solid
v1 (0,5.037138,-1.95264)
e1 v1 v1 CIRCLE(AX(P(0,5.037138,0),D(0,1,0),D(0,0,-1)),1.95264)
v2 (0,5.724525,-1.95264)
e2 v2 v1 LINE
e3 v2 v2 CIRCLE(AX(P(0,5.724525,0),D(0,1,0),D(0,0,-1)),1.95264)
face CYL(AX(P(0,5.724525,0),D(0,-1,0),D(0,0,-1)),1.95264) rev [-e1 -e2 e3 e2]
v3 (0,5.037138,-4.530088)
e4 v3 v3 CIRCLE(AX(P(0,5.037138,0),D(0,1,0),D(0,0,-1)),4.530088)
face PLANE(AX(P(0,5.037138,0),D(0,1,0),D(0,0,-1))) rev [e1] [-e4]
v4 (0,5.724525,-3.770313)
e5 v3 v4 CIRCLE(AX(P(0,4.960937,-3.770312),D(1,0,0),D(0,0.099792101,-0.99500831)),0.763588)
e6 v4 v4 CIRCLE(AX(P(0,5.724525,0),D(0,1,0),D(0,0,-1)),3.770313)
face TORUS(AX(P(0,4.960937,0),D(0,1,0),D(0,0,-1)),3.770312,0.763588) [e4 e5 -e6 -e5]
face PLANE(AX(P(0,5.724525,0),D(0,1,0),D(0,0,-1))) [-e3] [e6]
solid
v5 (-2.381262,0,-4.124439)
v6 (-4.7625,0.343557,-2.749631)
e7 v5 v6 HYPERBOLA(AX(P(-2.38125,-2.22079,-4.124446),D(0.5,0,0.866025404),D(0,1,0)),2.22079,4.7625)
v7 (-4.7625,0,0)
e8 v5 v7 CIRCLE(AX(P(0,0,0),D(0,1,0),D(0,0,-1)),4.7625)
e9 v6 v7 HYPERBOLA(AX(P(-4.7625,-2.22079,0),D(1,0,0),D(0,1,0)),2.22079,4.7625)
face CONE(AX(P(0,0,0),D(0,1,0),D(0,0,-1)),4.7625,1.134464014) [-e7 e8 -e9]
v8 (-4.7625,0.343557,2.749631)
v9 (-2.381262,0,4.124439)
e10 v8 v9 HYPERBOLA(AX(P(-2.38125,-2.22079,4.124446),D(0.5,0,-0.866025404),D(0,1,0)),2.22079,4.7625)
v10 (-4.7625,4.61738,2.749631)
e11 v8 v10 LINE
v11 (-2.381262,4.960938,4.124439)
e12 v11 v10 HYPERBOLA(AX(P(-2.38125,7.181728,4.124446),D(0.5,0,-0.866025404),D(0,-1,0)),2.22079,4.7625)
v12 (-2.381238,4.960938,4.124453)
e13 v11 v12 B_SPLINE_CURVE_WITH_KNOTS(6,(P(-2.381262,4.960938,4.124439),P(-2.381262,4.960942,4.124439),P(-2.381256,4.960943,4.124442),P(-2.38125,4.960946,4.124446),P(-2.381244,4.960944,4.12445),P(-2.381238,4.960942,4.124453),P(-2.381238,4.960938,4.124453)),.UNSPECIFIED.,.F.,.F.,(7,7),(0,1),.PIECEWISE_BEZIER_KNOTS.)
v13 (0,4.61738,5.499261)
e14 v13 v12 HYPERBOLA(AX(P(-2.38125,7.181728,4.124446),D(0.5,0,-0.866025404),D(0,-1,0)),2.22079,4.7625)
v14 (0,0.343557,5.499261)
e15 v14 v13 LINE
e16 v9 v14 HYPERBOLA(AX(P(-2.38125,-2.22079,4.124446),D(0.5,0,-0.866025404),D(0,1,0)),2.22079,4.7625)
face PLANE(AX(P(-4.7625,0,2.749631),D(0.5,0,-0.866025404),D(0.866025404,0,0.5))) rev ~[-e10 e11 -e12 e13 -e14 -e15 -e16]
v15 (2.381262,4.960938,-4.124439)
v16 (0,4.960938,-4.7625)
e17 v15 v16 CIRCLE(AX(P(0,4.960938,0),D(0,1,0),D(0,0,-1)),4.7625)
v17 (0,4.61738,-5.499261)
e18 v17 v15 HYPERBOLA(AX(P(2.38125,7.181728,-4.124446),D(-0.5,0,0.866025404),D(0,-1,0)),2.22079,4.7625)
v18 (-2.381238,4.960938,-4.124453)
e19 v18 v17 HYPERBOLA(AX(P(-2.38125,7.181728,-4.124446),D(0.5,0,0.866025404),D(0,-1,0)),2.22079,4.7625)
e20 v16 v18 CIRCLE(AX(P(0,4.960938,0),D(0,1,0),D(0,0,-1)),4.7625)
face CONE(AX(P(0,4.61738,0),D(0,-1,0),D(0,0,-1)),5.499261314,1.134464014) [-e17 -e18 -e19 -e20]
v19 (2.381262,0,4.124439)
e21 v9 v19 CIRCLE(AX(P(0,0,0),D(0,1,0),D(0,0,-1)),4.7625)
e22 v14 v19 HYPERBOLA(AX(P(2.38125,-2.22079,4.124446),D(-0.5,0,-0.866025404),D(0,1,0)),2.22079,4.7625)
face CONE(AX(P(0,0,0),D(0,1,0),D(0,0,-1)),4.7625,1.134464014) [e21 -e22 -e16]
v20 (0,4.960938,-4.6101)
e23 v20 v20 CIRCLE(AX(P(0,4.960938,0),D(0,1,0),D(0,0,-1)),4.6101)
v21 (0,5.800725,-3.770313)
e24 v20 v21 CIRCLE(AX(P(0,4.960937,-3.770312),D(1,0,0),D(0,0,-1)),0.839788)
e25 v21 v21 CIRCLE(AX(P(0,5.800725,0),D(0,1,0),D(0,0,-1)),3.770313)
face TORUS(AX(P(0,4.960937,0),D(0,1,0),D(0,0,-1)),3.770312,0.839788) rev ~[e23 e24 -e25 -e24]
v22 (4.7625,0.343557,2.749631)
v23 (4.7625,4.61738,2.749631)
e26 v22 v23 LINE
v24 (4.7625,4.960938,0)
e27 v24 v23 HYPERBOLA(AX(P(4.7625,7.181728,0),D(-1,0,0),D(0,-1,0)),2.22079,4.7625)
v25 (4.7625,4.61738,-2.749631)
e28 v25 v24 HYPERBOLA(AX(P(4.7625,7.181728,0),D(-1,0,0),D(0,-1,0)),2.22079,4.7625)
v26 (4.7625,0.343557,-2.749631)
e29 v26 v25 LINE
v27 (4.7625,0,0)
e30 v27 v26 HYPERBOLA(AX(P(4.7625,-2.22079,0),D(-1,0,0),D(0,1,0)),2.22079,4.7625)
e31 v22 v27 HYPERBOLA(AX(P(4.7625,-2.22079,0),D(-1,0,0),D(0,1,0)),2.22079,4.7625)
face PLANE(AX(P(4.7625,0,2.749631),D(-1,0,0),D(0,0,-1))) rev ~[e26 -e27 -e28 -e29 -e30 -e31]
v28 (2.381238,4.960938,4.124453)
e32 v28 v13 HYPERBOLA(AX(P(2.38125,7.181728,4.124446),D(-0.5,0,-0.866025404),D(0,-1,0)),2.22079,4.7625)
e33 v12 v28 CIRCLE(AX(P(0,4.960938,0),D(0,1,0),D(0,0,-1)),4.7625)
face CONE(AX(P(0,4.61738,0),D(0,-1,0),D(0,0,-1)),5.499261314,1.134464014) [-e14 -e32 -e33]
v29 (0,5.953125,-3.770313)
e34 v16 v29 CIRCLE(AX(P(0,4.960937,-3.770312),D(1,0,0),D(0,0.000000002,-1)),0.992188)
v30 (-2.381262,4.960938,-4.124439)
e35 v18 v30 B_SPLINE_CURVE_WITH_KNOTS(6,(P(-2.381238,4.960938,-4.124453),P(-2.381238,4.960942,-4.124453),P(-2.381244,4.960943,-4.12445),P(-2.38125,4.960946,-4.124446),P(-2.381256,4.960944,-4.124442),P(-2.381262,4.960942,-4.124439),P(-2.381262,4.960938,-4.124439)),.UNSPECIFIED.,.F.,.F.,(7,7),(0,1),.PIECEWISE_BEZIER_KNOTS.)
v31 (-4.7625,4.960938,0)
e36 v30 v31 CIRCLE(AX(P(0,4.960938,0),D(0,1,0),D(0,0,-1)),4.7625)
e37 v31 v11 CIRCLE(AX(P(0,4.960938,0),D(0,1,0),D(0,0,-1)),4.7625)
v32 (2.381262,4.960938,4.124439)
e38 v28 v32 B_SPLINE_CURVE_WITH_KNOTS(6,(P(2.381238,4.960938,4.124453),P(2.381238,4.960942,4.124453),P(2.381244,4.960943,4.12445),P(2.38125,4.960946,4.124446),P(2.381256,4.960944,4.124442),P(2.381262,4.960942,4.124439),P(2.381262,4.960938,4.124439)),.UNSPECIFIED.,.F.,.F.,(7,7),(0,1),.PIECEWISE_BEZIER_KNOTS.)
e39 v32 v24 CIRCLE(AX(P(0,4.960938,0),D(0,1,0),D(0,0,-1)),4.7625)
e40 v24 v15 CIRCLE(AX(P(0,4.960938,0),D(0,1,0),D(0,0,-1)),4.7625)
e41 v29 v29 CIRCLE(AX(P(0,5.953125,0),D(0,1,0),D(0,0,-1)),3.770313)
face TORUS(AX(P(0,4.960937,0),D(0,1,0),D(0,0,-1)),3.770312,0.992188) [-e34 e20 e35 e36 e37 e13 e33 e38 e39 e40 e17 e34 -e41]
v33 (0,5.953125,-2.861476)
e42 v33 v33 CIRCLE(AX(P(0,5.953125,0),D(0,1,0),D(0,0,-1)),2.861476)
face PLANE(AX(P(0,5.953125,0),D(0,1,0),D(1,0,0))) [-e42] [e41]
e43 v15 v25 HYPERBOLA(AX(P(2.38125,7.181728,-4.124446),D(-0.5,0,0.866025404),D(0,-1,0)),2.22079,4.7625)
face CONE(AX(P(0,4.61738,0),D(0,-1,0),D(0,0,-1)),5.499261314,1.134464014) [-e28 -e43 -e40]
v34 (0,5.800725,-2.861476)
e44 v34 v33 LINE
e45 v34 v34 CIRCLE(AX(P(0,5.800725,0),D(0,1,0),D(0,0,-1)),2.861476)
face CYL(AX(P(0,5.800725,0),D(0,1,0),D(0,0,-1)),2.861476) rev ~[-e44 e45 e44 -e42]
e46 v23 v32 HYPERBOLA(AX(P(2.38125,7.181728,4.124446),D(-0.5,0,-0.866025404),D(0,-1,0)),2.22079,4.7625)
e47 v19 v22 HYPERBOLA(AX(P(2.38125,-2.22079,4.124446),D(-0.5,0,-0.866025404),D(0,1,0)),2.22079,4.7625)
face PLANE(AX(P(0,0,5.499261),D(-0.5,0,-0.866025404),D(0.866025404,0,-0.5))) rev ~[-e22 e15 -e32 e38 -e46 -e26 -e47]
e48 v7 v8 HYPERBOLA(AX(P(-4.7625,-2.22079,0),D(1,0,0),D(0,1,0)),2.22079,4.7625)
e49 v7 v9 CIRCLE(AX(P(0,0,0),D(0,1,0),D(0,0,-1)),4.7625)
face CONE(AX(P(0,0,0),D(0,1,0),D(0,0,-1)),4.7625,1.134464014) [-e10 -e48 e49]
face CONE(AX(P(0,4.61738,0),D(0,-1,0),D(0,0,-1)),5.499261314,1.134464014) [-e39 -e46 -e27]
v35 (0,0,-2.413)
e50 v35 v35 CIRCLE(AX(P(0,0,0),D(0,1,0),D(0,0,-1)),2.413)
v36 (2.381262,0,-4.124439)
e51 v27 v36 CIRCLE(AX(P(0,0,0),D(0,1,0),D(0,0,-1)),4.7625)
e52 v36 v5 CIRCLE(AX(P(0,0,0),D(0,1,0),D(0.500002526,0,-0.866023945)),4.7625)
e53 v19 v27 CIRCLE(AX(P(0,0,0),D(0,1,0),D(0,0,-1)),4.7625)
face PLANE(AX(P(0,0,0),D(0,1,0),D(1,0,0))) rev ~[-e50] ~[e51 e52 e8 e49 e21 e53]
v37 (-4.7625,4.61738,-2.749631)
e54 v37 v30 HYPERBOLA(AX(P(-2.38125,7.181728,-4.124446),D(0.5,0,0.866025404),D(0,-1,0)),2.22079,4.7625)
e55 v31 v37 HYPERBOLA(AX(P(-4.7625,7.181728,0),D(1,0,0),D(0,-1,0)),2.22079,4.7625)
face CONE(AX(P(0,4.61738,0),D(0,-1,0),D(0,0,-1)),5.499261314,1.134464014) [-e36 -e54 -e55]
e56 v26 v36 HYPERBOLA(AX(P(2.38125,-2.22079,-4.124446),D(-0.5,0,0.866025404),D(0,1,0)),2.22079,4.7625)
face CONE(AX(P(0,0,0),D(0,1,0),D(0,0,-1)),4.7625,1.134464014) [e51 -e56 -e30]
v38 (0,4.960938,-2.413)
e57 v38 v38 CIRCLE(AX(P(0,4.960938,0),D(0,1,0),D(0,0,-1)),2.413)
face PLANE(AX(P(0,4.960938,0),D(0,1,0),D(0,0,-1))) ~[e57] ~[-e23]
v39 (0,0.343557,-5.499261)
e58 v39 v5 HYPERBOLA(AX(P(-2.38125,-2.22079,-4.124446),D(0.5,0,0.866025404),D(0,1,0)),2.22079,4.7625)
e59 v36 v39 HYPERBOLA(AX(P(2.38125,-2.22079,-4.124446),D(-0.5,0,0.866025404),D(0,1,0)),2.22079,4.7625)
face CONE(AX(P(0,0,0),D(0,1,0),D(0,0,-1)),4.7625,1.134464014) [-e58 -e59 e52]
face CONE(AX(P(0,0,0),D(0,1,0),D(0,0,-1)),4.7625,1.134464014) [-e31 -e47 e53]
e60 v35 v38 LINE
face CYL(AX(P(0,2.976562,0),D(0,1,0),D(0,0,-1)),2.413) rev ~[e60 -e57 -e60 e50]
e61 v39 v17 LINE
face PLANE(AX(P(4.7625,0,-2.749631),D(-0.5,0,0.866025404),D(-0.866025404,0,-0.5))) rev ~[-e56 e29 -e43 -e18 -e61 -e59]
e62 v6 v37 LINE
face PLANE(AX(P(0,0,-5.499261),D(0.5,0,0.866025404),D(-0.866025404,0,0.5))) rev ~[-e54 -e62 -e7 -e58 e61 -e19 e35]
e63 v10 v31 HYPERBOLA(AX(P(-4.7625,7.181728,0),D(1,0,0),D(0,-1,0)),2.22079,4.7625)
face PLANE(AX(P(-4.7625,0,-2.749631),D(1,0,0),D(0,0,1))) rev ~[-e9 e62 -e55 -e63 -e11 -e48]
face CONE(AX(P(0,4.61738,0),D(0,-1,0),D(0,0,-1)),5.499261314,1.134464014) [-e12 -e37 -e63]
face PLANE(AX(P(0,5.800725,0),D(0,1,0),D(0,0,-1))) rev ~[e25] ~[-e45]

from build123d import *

# Parameters (mm, degrees)
EXTRUDE1_DEPTH = 5.953125
SKETCH2_W      = 2.413
SKETCH2_H      = 5.953125


with BuildPart() as part:
    # Sketch1 → Extrude1 (new body)
    with BuildSketch(Plane(origin=(0, 0, 0), x_dir=(1, 0, 0), z_dir=(0, 1, 0))):
        Polygon((0, 5.499261314), (-4.7625, 2.749630657), (-4.7625, -2.749630657), (0, -5.499261314), (4.7625, -2.749630657), (4.7625, 2.749630657), align=None)
    extrude(amount=EXTRUDE1_DEPTH)

    # Sketch4 → Cut-Revolve2 (revolve, cut)
    with BuildSketch(Plane(origin=(0, 0, 0), x_dir=(0, 0, -1), z_dir=(1, 0, 0))):
        Polygon((0, 5.953125), (2.413, 5.953125), (1.952639712, 5.738455472), (1.952639712, 0.214669528), (2.413, 0), (0, 0), align=None)
    revolve(axis=Axis((0, 5.953125, 0), (0, 1, 0)), mode=Mode.SUBTRACT)


with BuildPart() as body_2:
    # Sketch2 → Revolve1 (revolve)
    with BuildSketch(Plane(origin=(0, 0, 0), x_dir=(0, 0, -1), z_dir=(1, 0, 0))):
        with Locations((1.2065, 2.9765625)):
            Rectangle(SKETCH2_W, SKETCH2_H)
    revolve(axis=Axis((0, -2.413, 0), (0, 1, 0)))


with BuildPart() as part_1:
    add(part.part)

    # Combine1: cut body 2
    add(body_2.part, mode=Mode.SUBTRACT)

    # Sketch5 → Cut-Revolve3 (revolve, cut)
    with BuildSketch(Plane(origin=(0, 0, 0), x_dir=(0, 0, -1), z_dir=(1, 0, 0))):
        with BuildLine():
            Line((0, 0), (4.7625, 0))
            Line((4.7625, 0), (5.499261314, 0.343557443))
            Line((5.499261314, 0.343557443), (5.499261314, 4.617380057))
            Line((5.499261314, 4.617380057), (4.7625, 4.9609375))
            ThreePointArc((4.7625, 4.9609375), (4.471895009, 5.662520009), (3.7703125, 5.953125))
            Line((3.7703125, 5.953125), (3.7703125, 7.223125))
            Line((3.7703125, 7.223125), (6.769261314, 7.223125))
            Line((6.769261314, 7.223125), (6.769261314, -1.27))
            Line((6.769261314, -1.27), (0, -1.27))
            Line((0, -1.27), (0, 0))
        make_face()
    revolve(axis=Axis((0, 0, 0), (0, 1, 0)), mode=Mode.SUBTRACT)

    # Sketch6 → Cut-Revolve4 (revolve, cut)
    with BuildSketch(Plane(origin=(0, 0, 0), x_dir=(0, 0, -1), z_dir=(1, 0, 0))):
        with BuildLine():
            Line((0, 4.9609375), (4.6101, 4.9609375))
            ThreePointArc((4.6101, 4.9609375), (4.364131936, 5.554756936), (3.7703125, 5.800725))
            Line((3.7703125, 5.800725), (2.861476106, 5.800725))
            Line((2.861476106, 5.800725), (2.861476106, 7.223125))
            Line((2.861476106, 7.223125), (0, 7.223125))
            Line((0, 7.223125), (0, 4.9609375))
        make_face()
    revolve(axis=Axis((0, 7.223125, 0), (0, 1, 0)), mode=Mode.SUBTRACT)


with BuildPart() as body_2_2:
    # Sketch7 → Revolve2 (revolve)
    with BuildSketch(Plane(origin=(0, 0, 0), x_dir=(0, 0, -1), z_dir=(1, 0, 0))):
        with BuildLine():
            Line((1.952639712, 5.0371375), (4.530088408, 5.0371375))
            ThreePointArc((4.530088408, 5.0371375), (4.282601726, 5.527175629), (3.7703125, 5.724525))
            Line((3.7703125, 5.724525), (1.952639712, 5.724525))
            Line((1.952639712, 5.724525), (1.952639712, 5.0371375))
        make_face()
    revolve(axis=Axis((0, 5.0371375, 0), (0, 1, 0)))


solid = Compound([part_1.part, body_2_2.part])
